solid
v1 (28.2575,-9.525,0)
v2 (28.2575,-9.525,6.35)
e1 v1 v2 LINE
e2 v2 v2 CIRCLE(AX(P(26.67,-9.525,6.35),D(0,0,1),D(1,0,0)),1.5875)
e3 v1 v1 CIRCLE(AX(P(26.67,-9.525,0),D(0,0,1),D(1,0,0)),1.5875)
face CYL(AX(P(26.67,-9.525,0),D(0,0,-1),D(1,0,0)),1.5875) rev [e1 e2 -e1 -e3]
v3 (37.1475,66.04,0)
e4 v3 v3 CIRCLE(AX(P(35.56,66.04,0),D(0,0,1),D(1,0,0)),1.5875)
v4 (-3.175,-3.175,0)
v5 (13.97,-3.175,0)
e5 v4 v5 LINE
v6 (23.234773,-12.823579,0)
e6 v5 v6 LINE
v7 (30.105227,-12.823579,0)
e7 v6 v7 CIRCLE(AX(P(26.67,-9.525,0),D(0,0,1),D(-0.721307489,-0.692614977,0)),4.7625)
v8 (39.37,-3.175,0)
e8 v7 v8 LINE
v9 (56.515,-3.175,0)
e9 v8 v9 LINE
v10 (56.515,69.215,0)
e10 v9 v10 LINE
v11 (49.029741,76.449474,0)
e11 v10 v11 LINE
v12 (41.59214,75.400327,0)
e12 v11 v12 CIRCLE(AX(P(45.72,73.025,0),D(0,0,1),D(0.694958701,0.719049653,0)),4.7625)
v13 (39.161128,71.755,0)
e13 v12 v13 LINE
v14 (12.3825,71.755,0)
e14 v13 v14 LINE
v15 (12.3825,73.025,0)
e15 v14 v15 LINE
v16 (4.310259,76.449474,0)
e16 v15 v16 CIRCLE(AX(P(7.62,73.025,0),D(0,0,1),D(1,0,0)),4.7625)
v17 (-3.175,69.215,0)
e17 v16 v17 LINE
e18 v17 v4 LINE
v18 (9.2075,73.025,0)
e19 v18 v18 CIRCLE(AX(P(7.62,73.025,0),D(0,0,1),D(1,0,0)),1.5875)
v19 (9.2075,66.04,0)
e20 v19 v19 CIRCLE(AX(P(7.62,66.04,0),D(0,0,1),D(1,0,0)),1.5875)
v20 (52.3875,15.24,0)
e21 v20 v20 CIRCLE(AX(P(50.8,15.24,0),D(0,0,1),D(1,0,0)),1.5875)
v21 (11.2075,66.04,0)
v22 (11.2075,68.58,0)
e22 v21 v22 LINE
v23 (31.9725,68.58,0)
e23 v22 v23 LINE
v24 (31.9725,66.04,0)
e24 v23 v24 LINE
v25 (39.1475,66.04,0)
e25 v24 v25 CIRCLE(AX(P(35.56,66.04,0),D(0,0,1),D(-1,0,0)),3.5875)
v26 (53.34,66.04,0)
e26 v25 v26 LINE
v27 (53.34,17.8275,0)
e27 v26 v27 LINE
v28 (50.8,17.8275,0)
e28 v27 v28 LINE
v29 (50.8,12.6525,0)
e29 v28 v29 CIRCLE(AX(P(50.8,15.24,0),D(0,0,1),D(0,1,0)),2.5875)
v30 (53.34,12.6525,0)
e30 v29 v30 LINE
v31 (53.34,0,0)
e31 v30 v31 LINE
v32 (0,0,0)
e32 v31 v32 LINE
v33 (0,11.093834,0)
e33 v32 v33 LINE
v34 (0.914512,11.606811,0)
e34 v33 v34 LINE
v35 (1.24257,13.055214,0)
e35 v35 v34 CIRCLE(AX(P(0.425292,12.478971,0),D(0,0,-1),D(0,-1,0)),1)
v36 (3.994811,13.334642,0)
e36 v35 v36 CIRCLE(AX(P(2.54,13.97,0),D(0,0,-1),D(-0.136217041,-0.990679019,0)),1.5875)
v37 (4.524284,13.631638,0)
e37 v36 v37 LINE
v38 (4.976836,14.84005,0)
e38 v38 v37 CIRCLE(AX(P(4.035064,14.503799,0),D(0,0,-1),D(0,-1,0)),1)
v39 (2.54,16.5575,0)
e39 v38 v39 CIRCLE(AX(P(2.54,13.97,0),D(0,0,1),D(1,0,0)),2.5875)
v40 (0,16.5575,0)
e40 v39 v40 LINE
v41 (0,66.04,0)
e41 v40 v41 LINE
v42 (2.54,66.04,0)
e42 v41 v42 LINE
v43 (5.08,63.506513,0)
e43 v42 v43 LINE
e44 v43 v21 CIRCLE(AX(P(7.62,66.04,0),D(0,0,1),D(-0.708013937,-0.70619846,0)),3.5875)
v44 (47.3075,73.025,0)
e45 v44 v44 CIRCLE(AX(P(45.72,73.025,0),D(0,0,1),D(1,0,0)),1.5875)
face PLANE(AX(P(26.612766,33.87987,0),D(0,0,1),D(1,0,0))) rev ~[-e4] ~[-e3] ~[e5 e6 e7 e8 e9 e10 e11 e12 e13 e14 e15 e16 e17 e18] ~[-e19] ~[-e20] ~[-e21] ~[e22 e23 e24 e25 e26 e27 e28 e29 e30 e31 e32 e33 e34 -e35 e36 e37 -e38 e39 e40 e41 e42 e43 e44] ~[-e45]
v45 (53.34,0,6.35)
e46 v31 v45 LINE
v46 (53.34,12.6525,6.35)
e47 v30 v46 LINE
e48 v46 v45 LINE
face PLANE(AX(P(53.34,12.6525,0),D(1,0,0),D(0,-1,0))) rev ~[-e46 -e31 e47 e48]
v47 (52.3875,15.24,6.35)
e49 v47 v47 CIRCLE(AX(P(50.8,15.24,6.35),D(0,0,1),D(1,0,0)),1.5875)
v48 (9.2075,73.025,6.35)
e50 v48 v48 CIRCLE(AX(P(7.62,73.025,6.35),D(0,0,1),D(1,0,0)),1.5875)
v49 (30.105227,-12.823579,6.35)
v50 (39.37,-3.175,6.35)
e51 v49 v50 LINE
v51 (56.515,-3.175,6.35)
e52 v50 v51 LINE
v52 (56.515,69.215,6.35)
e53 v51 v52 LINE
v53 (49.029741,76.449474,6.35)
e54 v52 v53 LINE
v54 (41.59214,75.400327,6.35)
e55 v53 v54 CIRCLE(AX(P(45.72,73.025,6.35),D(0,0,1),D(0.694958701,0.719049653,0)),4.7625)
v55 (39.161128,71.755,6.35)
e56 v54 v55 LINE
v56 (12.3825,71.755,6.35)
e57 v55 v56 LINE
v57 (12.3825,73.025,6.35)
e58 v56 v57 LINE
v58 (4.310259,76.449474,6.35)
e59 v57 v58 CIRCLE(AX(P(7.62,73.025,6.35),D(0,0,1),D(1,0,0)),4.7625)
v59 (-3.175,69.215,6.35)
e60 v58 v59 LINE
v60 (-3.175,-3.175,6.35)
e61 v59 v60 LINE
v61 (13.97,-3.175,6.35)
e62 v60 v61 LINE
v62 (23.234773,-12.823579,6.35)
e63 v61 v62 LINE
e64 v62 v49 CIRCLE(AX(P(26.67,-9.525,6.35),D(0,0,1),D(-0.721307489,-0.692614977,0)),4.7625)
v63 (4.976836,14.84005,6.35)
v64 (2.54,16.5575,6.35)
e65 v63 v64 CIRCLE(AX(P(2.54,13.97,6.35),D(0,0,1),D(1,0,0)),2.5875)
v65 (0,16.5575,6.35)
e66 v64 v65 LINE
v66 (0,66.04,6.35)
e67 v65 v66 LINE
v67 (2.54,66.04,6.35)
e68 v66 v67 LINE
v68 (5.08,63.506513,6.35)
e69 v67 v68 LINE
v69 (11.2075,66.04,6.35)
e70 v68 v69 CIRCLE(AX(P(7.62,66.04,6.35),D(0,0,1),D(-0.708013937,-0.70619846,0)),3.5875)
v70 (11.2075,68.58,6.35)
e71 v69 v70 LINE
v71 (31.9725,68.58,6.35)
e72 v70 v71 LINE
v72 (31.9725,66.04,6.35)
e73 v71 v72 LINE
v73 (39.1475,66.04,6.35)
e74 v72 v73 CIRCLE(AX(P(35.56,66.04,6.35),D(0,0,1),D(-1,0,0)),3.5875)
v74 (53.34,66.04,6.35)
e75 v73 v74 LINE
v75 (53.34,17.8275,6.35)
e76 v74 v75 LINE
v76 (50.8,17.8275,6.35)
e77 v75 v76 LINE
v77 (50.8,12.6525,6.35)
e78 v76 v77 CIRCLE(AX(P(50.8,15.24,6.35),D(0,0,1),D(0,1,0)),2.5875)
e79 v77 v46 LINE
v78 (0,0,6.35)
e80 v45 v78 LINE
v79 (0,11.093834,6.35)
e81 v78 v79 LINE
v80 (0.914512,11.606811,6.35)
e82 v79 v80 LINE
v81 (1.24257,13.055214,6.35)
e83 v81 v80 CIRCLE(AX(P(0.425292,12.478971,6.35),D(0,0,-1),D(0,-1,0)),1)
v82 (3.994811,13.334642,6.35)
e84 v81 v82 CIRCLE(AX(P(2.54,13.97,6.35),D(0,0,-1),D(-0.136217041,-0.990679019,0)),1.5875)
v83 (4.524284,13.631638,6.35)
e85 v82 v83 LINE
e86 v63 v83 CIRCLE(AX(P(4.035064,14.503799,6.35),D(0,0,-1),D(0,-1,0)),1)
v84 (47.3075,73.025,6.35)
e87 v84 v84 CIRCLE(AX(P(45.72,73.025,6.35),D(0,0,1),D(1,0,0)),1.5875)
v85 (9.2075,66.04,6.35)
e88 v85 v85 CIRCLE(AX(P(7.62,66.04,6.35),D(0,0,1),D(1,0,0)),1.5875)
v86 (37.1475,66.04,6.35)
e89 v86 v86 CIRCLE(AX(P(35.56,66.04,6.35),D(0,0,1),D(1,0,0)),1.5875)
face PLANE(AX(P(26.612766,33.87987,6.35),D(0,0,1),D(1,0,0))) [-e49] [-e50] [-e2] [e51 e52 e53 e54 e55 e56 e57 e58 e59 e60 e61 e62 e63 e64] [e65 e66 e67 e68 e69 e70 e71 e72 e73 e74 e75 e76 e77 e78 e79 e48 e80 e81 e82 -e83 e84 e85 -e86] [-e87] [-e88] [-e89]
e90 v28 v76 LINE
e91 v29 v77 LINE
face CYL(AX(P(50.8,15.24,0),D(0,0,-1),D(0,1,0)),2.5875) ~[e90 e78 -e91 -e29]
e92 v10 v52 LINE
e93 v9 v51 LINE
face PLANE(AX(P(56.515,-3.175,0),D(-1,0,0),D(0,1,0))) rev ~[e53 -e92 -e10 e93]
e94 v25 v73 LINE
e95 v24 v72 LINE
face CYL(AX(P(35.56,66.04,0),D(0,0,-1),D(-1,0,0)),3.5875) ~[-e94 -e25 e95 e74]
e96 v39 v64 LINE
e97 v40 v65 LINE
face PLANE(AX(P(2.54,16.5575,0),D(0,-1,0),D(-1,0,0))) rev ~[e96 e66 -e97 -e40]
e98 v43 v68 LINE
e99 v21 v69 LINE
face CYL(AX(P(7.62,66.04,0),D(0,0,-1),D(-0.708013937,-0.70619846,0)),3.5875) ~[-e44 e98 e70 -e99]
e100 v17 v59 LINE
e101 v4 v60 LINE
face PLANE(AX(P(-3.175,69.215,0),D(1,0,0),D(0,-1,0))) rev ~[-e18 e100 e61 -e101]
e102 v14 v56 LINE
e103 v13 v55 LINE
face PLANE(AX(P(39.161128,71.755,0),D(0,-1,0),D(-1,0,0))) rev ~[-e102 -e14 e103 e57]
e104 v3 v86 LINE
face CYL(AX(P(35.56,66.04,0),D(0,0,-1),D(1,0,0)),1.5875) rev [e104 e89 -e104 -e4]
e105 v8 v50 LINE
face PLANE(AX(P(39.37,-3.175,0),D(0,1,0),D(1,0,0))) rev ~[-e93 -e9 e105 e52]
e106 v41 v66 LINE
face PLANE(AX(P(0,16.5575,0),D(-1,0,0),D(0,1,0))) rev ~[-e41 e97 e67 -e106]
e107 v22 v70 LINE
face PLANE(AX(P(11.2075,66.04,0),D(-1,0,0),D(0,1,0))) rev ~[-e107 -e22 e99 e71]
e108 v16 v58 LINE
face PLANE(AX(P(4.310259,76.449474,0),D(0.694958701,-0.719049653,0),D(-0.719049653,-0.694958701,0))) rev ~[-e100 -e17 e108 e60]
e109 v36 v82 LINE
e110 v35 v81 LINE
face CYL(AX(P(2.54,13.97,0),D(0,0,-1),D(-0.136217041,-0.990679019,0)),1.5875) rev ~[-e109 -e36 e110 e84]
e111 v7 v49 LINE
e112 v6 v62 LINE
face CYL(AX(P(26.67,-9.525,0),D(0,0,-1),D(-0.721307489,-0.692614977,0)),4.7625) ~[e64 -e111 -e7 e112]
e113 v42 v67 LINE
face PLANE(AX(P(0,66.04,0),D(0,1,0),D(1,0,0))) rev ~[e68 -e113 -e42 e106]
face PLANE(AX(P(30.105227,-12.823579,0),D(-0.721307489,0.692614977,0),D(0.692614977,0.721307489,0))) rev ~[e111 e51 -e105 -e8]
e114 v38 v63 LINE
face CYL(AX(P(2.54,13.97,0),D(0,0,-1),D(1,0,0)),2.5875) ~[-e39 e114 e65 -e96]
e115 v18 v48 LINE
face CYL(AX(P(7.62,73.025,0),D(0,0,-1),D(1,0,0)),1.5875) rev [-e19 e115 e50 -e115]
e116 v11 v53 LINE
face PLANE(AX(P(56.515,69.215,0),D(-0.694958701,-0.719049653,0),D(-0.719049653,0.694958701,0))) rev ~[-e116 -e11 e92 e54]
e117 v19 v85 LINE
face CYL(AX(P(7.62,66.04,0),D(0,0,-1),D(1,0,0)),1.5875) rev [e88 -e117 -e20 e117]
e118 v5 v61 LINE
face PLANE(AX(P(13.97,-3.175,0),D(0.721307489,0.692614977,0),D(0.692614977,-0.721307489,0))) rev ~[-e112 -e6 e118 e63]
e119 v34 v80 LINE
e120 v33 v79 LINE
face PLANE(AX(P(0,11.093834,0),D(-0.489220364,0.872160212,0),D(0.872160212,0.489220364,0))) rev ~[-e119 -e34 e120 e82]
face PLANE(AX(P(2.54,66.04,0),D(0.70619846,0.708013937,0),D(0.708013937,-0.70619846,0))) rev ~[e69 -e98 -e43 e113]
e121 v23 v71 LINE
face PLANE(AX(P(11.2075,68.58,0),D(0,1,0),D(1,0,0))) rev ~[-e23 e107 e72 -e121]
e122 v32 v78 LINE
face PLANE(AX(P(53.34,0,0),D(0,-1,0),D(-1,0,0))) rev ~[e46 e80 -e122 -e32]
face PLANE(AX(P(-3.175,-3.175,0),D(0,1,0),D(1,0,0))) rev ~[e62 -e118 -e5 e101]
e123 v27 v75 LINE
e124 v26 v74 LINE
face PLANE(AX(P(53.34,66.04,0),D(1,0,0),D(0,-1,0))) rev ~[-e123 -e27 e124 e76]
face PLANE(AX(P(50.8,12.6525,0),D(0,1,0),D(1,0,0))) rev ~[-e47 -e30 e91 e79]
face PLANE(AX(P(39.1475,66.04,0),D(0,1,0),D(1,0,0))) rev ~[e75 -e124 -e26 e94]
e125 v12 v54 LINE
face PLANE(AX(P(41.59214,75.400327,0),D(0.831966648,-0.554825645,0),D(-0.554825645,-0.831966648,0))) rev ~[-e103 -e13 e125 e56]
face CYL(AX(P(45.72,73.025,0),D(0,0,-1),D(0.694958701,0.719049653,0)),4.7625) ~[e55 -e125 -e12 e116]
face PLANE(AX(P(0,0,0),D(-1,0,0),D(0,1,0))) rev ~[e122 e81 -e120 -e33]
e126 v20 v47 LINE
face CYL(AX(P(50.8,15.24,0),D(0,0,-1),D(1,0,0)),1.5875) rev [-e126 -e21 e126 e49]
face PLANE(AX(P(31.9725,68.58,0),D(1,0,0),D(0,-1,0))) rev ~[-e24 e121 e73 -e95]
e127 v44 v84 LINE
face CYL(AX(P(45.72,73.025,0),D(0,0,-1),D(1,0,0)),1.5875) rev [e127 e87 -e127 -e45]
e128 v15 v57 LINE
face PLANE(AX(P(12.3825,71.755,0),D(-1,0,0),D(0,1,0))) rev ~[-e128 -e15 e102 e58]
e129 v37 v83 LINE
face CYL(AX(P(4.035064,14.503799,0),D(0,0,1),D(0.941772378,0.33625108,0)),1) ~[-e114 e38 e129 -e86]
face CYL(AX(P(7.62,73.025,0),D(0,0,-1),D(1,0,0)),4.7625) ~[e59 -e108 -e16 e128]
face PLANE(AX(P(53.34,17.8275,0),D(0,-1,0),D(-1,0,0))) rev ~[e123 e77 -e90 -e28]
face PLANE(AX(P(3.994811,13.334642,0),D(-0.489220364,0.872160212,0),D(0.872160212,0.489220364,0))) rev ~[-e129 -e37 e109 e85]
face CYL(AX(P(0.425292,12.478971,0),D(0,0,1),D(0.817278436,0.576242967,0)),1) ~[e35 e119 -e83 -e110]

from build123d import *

# Parameters (mm, degrees)
SKETCH1_R           = 1.5875
BOSS_EXTRUDE1_DEPTH = 6.35
FILLET1_R           = 1


with BuildPart() as part:
    # Sketch1 → Boss-Extrude1 (new body)
    with BuildSketch(Plane.XY):
        with BuildLine():
            Line((13.97, -3.175), (23.234773085, -12.823578829))
            ThreePointArc((23.234773085, -12.823578829), (26.67, -14.2875), (30.105226915, -12.823578829))
            Line((30.105226915, -12.823578829), (39.37, -3.175))
            Line((39.37, -3.175), (56.515, -3.175))
            Line((56.515, -3.175), (56.515, 69.215))
            Line((56.515, 69.215), (49.029740814, 76.449473973))
            ThreePointArc((49.029740814, 76.449473973), (45.054787809, 77.740813715), (41.592139899, 75.400326764))
            Line((41.592139899, 75.400326764), (39.161128061, 71.755))
            Line((39.161128061, 71.755), (12.3825, 71.755))
            Line((12.3825, 71.755), (12.3825, 73.025))
            ThreePointArc((12.3825, 73.025), (9.479941615, 77.409292809), (4.310259186, 76.449473973))
            Line((4.310259186, 76.449473973), (-3.175, 69.215))
            Line((-3.175, 69.215), (-3.175, -3.175))
            Line((-3.175, -3.175), (13.97, -3.175))
        make_face()
        with Locations((35.56, 66.04)):
            Circle(SKETCH1_R, mode=Mode.SUBTRACT)
        with Locations((7.62, 66.04)):
            Circle(SKETCH1_R, mode=Mode.SUBTRACT)
        with Locations((50.8, 15.24)):
            Circle(SKETCH1_R, mode=Mode.SUBTRACT)
        with Locations((26.67, -9.525)):
            Circle(SKETCH1_R, mode=Mode.SUBTRACT)
        with Locations((45.72, 73.025)):
            Circle(SKETCH1_R, mode=Mode.SUBTRACT)
        with Locations((7.62, 73.025)):
            Circle(SKETCH1_R, mode=Mode.SUBTRACT)
        with BuildLine():
            Line((53.34, 66.04), (53.34, 17.8275))
            Line((53.34, 17.8275), (50.8, 17.8275))
            ThreePointArc((50.8, 17.8275), (48.2125, 15.24), (50.8, 12.6525))
            Line((50.8, 12.6525), (53.34, 12.6525))
            Line((53.34, 12.6525), (53.34, 0))
            Line((53.34, 0), (0, 0))
            Line((0, 0), (0, 11.093834149))
            Line((0, 11.093834149), (2.323755448, 12.397297058))
            ThreePointArc((2.323755448, 12.397297058), (1.763362672, 15.354554336), (3.994811275, 13.334641515))
            Line((3.994811275, 13.334641515), (5.1275, 13.97))
            ThreePointArc((5.1275, 13.97), (4.369638796, 15.799638796), (2.54, 16.5575))
            Line((2.54, 16.5575), (0, 16.5575))
            Line((0, 16.5575), (0, 66.04))
            Line((0, 66.04), (2.54, 66.04))
            Line((2.54, 66.04), (5.08, 63.506513025))
            ThreePointArc((5.08, 63.506513025), (8.990749111, 62.724701654), (11.2075, 66.04))
            Line((11.2075, 66.04), (11.2075, 68.58))
            Line((11.2075, 68.58), (31.9725, 68.58))
            Line((31.9725, 68.58), (31.9725, 66.04))
            ThreePointArc((31.9725, 66.04), (35.56, 62.4525), (39.1475, 66.04))
            Line((39.1475, 66.04), (40.386, 66.04))
            Line((40.386, 66.04), (53.34, 66.04))
        make_face(mode=Mode.SUBTRACT)
    extrude(amount=BOSS_EXTRUDE1_DEPTH)

    # Fillet1
    fillet1_edges = [part.edges().sort_by_distance(p)[0] for p in [
        (5.1275, 13.97, 3.175),
        (2.323755448, 12.397297058, 3.175),
    ]]
    fillet(fillet1_edges, radius=FILLET1_R)


solid = part.part
